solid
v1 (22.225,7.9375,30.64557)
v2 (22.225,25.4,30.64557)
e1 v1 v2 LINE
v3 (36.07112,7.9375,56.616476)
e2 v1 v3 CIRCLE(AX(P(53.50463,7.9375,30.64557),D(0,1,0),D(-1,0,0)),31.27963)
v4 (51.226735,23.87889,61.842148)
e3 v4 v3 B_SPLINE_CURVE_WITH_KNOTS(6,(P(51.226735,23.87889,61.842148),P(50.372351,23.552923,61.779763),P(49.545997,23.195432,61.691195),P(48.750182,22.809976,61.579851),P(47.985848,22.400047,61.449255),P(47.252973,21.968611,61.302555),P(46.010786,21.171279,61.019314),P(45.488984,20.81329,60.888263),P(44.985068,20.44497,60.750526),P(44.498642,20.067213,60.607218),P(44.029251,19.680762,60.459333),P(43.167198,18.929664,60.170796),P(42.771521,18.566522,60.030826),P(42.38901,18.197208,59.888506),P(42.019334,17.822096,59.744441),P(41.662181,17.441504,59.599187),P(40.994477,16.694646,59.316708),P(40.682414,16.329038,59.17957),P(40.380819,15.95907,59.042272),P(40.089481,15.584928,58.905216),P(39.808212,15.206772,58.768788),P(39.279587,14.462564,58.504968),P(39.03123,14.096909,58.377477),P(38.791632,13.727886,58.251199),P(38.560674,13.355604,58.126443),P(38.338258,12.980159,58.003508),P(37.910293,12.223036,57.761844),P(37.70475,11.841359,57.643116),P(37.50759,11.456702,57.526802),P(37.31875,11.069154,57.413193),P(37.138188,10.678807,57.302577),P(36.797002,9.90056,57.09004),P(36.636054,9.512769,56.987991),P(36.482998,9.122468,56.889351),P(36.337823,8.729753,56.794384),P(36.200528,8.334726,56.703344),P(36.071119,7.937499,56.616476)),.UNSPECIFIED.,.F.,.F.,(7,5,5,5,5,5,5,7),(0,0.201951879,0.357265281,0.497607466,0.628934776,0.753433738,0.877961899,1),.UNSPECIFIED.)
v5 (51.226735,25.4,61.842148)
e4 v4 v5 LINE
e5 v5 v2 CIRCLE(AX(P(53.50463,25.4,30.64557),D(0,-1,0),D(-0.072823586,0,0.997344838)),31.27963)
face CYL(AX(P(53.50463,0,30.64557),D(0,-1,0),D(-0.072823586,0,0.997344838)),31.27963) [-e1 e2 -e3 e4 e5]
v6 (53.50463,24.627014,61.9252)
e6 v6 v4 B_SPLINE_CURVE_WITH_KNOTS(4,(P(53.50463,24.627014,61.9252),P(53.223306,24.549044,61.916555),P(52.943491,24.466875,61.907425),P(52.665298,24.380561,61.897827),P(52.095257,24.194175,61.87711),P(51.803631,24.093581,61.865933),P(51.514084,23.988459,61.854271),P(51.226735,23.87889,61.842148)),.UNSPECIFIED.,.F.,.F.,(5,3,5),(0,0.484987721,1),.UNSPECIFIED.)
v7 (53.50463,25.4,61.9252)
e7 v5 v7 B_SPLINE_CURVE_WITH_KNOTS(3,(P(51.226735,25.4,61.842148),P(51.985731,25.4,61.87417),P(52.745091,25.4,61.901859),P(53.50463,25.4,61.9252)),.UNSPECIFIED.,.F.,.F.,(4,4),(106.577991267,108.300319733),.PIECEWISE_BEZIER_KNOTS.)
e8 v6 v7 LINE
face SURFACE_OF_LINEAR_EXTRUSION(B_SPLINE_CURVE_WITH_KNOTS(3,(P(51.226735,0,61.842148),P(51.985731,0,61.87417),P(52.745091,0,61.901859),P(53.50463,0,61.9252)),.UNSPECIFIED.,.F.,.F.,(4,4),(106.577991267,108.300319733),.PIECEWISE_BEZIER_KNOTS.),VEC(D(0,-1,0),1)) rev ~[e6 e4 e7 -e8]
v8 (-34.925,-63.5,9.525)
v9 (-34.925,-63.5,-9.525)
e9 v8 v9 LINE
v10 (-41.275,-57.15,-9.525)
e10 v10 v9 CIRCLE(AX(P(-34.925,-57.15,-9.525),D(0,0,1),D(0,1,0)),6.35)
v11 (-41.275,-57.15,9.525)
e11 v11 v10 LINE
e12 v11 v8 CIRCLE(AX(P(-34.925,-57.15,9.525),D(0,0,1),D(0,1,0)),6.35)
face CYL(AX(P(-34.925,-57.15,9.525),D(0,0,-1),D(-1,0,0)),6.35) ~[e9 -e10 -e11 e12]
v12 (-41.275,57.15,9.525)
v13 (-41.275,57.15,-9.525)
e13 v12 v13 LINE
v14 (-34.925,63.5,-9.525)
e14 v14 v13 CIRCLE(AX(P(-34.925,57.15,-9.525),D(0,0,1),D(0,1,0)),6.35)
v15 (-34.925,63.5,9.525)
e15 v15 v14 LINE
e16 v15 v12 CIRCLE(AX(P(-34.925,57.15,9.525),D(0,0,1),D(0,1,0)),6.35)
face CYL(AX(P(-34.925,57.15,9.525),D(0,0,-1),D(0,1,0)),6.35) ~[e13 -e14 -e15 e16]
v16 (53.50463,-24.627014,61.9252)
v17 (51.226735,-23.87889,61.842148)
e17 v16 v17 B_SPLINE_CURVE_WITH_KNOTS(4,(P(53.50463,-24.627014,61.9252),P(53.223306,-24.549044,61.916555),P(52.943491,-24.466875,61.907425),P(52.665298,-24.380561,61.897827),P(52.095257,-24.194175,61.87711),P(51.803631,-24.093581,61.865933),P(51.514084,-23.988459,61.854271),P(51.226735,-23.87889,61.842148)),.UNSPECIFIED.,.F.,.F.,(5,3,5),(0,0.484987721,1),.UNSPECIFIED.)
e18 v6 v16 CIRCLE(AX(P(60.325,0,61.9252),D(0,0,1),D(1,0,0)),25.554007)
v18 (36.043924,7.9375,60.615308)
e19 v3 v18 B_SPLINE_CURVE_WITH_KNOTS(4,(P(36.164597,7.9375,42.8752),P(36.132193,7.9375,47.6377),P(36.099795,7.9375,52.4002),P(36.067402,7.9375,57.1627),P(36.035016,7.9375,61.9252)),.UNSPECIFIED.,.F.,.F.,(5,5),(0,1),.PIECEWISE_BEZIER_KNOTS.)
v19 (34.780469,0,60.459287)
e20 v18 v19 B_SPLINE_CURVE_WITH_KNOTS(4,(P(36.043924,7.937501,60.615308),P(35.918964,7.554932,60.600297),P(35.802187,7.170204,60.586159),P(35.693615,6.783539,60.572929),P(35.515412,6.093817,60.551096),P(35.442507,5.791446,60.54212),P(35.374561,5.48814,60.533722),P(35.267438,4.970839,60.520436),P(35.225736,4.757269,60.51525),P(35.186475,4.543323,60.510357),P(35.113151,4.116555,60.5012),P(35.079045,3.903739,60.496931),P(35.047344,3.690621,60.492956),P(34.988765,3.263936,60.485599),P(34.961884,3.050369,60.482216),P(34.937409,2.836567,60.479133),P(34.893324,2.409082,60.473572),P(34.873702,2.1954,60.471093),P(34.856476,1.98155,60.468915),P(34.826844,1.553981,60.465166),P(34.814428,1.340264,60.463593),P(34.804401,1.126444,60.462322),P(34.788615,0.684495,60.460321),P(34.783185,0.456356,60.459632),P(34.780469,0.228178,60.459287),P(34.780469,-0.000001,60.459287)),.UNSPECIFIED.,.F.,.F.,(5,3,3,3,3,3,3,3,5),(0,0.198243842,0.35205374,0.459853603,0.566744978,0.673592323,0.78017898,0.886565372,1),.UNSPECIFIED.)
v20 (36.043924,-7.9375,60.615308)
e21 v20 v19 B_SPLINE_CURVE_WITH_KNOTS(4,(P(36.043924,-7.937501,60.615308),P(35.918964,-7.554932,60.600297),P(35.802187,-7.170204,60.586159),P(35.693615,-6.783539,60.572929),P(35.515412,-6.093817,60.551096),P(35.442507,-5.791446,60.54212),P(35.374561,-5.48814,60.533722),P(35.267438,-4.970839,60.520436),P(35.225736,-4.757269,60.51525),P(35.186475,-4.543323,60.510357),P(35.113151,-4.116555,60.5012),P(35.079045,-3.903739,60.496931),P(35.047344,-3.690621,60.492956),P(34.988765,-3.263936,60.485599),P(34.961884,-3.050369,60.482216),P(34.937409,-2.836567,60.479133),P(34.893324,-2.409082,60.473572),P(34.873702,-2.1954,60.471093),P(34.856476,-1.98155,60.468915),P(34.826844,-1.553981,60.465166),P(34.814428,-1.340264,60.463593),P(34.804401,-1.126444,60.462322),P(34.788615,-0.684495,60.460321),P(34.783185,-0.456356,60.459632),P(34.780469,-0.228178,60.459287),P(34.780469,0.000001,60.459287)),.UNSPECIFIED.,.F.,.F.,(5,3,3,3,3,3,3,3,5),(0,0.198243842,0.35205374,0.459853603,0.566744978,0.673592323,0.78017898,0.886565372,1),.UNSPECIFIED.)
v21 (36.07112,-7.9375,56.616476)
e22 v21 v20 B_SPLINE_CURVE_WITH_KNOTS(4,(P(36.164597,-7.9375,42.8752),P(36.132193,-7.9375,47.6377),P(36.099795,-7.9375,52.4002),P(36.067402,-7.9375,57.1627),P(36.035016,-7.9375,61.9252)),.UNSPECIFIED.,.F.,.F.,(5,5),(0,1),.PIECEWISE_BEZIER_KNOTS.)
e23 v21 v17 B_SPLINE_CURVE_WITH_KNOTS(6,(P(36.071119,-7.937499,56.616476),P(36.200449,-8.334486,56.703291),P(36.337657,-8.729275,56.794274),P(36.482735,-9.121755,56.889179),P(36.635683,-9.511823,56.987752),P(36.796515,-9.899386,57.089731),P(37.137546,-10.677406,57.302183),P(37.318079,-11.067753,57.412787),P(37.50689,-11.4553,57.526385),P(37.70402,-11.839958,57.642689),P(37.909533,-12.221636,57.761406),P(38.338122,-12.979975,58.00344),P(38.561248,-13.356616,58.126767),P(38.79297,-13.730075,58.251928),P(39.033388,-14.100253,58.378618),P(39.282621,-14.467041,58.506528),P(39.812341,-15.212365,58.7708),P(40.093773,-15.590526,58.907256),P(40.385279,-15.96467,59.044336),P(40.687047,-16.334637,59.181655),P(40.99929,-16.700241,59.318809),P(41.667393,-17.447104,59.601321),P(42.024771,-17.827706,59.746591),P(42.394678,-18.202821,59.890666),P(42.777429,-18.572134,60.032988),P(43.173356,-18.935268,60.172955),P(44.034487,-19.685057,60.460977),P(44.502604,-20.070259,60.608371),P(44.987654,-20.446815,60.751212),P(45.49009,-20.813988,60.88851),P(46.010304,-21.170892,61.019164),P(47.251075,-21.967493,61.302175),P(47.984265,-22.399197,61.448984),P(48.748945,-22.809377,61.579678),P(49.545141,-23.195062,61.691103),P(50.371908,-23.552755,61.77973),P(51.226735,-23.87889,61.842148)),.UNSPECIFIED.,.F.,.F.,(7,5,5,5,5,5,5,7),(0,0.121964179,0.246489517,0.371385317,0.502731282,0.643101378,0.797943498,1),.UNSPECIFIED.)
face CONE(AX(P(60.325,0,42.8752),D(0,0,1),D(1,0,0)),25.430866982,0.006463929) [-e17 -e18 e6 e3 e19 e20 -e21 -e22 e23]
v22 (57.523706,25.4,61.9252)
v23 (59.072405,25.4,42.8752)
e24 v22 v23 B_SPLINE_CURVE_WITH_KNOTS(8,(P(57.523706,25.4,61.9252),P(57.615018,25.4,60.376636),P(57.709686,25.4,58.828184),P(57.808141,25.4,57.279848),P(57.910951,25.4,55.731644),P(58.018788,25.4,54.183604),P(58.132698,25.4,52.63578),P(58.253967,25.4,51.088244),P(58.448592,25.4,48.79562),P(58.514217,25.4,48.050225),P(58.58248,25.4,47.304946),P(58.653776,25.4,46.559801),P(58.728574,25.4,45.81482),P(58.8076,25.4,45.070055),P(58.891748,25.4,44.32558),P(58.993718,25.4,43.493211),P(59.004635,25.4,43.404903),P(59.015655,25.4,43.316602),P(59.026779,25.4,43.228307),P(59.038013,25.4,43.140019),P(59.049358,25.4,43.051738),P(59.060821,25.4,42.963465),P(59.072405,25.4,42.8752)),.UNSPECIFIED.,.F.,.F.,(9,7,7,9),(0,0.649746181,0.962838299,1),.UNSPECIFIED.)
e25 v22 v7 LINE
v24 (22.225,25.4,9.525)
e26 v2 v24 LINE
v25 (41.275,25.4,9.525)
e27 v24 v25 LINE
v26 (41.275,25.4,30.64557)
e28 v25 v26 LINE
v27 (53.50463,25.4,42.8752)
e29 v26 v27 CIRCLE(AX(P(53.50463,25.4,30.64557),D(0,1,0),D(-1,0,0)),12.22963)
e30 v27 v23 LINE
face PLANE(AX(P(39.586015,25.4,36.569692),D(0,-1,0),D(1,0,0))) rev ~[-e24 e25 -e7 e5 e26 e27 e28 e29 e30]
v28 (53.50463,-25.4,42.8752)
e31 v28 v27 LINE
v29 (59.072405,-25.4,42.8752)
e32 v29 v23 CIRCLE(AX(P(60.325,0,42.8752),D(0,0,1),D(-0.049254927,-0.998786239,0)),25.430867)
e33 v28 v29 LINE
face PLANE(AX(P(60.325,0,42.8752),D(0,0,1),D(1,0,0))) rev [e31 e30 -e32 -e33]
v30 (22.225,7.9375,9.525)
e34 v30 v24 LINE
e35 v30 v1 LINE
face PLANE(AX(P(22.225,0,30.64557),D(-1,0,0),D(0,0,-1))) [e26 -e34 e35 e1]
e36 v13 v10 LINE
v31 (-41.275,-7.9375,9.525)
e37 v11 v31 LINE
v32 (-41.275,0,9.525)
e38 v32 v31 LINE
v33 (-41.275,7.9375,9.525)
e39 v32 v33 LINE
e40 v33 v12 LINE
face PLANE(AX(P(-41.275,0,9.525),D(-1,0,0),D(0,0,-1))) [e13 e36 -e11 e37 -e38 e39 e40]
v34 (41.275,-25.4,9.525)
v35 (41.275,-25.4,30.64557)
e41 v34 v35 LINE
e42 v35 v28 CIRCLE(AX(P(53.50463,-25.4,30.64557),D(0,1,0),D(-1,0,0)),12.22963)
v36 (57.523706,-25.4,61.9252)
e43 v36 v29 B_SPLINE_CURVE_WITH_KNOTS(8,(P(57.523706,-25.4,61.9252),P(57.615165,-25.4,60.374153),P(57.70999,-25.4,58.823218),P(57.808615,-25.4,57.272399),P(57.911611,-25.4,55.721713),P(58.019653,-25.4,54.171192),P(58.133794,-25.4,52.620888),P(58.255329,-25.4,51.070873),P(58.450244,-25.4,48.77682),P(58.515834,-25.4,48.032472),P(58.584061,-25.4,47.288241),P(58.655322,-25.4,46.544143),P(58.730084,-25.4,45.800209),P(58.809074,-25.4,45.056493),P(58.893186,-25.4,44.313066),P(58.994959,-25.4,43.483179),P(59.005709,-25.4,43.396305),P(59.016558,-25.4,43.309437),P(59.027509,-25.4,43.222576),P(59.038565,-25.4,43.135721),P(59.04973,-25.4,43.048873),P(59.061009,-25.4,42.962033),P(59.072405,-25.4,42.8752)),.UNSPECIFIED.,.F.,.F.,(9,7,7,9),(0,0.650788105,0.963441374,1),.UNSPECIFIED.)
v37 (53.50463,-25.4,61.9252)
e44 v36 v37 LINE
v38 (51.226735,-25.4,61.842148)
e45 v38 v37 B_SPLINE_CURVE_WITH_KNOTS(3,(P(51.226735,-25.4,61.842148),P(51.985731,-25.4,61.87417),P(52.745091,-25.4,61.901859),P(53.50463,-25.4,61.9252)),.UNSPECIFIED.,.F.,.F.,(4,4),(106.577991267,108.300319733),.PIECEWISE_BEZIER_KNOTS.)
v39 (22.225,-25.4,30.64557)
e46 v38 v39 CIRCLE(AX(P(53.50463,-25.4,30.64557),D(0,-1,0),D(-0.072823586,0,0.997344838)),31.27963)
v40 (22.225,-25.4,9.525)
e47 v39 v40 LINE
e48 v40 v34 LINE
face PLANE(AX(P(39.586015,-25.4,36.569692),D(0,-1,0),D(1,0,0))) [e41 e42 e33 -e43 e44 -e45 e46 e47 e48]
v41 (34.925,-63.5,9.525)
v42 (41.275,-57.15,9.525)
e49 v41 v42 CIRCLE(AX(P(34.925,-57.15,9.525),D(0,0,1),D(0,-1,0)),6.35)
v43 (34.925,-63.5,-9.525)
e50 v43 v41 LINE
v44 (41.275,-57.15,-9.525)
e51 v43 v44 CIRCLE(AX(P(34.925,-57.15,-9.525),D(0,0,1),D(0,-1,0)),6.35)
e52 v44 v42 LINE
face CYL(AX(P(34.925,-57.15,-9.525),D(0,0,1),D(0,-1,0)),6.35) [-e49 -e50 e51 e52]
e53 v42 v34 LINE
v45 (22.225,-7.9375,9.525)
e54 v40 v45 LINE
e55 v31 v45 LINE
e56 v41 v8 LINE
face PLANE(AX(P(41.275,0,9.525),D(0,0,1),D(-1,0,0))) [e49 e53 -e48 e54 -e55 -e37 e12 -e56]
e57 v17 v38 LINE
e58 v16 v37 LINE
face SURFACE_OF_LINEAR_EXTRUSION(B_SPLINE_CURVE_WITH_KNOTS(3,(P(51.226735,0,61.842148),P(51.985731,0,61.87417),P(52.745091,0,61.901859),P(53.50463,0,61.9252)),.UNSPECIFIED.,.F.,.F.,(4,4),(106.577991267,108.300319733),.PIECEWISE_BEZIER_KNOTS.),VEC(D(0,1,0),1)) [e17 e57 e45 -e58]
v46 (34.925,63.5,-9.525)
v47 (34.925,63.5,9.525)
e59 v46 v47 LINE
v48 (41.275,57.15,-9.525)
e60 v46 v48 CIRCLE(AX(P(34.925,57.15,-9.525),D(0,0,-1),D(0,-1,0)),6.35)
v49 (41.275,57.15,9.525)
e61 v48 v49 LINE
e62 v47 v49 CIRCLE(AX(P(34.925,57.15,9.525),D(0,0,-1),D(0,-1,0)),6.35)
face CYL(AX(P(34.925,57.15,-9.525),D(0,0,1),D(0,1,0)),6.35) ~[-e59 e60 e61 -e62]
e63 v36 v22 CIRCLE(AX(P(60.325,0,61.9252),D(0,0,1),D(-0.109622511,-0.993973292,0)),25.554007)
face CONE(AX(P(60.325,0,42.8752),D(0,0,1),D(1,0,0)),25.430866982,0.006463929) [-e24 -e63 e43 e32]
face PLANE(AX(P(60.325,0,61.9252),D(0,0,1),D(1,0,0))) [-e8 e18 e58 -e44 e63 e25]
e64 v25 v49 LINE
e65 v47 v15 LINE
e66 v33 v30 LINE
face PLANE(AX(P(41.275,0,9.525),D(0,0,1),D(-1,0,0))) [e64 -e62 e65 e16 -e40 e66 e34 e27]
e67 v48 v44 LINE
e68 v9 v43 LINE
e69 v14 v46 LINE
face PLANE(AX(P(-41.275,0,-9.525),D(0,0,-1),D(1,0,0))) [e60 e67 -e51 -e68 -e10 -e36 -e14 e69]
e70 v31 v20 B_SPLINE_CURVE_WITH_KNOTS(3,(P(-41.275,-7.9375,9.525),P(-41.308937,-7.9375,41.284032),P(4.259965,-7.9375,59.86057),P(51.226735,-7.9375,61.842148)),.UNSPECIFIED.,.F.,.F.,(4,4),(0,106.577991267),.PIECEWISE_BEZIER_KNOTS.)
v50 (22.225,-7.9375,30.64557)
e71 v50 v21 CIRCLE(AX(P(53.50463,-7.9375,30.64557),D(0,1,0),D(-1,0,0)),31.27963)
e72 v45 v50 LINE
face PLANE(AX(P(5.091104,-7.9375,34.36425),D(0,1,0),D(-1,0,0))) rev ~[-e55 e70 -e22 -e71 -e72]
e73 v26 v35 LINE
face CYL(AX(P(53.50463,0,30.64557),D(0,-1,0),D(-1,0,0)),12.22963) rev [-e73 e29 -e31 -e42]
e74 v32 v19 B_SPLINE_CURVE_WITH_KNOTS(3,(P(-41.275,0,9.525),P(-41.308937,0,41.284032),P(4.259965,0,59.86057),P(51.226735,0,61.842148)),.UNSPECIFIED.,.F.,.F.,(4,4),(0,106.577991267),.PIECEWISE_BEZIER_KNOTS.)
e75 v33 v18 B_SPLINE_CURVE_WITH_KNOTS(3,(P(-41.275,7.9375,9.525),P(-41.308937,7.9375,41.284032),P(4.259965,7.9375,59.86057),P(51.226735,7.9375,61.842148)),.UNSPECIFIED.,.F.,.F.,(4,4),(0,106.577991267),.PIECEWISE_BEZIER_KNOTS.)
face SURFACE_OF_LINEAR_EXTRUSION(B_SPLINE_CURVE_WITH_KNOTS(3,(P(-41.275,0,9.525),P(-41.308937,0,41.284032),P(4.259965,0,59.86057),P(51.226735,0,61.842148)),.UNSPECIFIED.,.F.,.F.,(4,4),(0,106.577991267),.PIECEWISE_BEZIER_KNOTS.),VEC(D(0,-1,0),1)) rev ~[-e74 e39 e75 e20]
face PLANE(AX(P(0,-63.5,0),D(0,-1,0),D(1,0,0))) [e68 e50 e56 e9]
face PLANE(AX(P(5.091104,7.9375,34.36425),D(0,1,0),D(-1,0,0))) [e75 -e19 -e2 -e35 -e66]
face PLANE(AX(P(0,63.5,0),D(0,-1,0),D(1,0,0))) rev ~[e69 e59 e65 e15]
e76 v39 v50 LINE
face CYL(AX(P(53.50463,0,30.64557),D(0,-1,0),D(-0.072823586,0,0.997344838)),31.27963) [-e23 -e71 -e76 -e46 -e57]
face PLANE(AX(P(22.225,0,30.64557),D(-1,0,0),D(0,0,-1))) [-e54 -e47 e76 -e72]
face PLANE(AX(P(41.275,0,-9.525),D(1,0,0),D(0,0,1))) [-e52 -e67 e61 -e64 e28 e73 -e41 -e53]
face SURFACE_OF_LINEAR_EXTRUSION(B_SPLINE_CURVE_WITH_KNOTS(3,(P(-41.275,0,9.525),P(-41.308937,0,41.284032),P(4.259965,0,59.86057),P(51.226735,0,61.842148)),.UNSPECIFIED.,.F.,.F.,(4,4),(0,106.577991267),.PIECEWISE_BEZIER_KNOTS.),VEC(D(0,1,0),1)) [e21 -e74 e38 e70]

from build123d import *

# Parameters (mm, degrees)
F1_DEPTH = 63.5
F2_DEPTH = 25.4
F3_DEPTH = 7.9375
F5_R     = 6.35


with BuildPart() as f1:
    # F0 (on Front) → F1 (new body, symmetric)
    with BuildSketch(Plane.XZ):
        Polygon((-41.275, 9.525), (-41.275, -9.525), (41.275, -9.525), (41.275, 9.525), (22.225, 9.525), align=None)
    extrude(amount=F1_DEPTH, both=True)

    # F0 (on Front) → F2 (join, symmetric)
    with BuildSketch(Plane.XZ):
        with BuildLine():
            Line((22.225, 9.525), (41.275, 9.525))
            Line((41.275, 9.525), (41.275, 30.6455698351))
            ThreePointArc((41.275, 30.6455698351), (44.8569757439, 39.2932242561), (53.5046301649, 42.8752))
            Line((53.5046301649, 42.8752), (60.325, 42.8752))
            Line((60.325, 42.8752), (60.325, 61.9252))
            Line((60.325, 61.9252), (53.5046301649, 61.9252))
            add(Edge.make_bspline(
                [(51.2267353125, 61.8421475047), (51.9857307237, 61.8741703131), (52.7450911942, 61.9018592787), (53.5046301649, 61.9252)],
                knots=[106.5779912672, 106.5779912672, 106.5779912672, 106.5779912672, 108.3003197328, 108.3003197328, 108.3003197328, 108.3003197328], degree=3))
            ThreePointArc((51.2267353125, 61.8421475047), (30.595385614, 51.943029246), (22.225, 30.6455698351))
            Line((22.225, 30.6455698351), (22.225, 9.525))
        make_face()
    extrude(amount=F2_DEPTH, both=True)

    # F0 (on Front) → F3 (join, symmetric)
    with BuildSketch(Plane.XZ):
        with BuildLine():
            add(Edge.make_bspline(
                [(-41.275, 9.525), (-41.3089372245, 41.2840319087), (4.2599645019, 59.8605704357), (51.2267353125, 61.8421475047)],
                knots=[0, 0, 0, 0, 106.5779912672, 106.5779912672, 106.5779912672, 106.5779912672], degree=3))
            Line((-41.275, 9.525), (22.225, 9.525))
            Line((22.225, 9.525), (22.225, 30.6455698351))
            ThreePointArc((22.225, 30.6455698351), (30.595385614, 51.943029246), (51.2267353125, 61.8421475047))
        make_face()
    extrude(amount=F3_DEPTH, both=True)

    # F0 (on Front) → F4 (revolve)
    with BuildSketch(Plane.XZ):
        Polygon((85.8790065383, 61.9252), (60.325, 61.9252), (60.325, 42.8752), (85.7558669821, 42.8752), align=None)
    revolve(axis=Axis((60.325, 0, 52.3875), (0, 0, 1)))

    # F5
    f5_edges = [f1.edges().sort_by_distance(p)[0] for p in [
        (-41.275, -63.5, 0),
        (41.275, -63.5, 0),
        (41.275, 63.5, 0),
        (-41.275, 63.5, 0),
    ]]
    fillet(f5_edges, radius=F5_R)


solid = f1.part
